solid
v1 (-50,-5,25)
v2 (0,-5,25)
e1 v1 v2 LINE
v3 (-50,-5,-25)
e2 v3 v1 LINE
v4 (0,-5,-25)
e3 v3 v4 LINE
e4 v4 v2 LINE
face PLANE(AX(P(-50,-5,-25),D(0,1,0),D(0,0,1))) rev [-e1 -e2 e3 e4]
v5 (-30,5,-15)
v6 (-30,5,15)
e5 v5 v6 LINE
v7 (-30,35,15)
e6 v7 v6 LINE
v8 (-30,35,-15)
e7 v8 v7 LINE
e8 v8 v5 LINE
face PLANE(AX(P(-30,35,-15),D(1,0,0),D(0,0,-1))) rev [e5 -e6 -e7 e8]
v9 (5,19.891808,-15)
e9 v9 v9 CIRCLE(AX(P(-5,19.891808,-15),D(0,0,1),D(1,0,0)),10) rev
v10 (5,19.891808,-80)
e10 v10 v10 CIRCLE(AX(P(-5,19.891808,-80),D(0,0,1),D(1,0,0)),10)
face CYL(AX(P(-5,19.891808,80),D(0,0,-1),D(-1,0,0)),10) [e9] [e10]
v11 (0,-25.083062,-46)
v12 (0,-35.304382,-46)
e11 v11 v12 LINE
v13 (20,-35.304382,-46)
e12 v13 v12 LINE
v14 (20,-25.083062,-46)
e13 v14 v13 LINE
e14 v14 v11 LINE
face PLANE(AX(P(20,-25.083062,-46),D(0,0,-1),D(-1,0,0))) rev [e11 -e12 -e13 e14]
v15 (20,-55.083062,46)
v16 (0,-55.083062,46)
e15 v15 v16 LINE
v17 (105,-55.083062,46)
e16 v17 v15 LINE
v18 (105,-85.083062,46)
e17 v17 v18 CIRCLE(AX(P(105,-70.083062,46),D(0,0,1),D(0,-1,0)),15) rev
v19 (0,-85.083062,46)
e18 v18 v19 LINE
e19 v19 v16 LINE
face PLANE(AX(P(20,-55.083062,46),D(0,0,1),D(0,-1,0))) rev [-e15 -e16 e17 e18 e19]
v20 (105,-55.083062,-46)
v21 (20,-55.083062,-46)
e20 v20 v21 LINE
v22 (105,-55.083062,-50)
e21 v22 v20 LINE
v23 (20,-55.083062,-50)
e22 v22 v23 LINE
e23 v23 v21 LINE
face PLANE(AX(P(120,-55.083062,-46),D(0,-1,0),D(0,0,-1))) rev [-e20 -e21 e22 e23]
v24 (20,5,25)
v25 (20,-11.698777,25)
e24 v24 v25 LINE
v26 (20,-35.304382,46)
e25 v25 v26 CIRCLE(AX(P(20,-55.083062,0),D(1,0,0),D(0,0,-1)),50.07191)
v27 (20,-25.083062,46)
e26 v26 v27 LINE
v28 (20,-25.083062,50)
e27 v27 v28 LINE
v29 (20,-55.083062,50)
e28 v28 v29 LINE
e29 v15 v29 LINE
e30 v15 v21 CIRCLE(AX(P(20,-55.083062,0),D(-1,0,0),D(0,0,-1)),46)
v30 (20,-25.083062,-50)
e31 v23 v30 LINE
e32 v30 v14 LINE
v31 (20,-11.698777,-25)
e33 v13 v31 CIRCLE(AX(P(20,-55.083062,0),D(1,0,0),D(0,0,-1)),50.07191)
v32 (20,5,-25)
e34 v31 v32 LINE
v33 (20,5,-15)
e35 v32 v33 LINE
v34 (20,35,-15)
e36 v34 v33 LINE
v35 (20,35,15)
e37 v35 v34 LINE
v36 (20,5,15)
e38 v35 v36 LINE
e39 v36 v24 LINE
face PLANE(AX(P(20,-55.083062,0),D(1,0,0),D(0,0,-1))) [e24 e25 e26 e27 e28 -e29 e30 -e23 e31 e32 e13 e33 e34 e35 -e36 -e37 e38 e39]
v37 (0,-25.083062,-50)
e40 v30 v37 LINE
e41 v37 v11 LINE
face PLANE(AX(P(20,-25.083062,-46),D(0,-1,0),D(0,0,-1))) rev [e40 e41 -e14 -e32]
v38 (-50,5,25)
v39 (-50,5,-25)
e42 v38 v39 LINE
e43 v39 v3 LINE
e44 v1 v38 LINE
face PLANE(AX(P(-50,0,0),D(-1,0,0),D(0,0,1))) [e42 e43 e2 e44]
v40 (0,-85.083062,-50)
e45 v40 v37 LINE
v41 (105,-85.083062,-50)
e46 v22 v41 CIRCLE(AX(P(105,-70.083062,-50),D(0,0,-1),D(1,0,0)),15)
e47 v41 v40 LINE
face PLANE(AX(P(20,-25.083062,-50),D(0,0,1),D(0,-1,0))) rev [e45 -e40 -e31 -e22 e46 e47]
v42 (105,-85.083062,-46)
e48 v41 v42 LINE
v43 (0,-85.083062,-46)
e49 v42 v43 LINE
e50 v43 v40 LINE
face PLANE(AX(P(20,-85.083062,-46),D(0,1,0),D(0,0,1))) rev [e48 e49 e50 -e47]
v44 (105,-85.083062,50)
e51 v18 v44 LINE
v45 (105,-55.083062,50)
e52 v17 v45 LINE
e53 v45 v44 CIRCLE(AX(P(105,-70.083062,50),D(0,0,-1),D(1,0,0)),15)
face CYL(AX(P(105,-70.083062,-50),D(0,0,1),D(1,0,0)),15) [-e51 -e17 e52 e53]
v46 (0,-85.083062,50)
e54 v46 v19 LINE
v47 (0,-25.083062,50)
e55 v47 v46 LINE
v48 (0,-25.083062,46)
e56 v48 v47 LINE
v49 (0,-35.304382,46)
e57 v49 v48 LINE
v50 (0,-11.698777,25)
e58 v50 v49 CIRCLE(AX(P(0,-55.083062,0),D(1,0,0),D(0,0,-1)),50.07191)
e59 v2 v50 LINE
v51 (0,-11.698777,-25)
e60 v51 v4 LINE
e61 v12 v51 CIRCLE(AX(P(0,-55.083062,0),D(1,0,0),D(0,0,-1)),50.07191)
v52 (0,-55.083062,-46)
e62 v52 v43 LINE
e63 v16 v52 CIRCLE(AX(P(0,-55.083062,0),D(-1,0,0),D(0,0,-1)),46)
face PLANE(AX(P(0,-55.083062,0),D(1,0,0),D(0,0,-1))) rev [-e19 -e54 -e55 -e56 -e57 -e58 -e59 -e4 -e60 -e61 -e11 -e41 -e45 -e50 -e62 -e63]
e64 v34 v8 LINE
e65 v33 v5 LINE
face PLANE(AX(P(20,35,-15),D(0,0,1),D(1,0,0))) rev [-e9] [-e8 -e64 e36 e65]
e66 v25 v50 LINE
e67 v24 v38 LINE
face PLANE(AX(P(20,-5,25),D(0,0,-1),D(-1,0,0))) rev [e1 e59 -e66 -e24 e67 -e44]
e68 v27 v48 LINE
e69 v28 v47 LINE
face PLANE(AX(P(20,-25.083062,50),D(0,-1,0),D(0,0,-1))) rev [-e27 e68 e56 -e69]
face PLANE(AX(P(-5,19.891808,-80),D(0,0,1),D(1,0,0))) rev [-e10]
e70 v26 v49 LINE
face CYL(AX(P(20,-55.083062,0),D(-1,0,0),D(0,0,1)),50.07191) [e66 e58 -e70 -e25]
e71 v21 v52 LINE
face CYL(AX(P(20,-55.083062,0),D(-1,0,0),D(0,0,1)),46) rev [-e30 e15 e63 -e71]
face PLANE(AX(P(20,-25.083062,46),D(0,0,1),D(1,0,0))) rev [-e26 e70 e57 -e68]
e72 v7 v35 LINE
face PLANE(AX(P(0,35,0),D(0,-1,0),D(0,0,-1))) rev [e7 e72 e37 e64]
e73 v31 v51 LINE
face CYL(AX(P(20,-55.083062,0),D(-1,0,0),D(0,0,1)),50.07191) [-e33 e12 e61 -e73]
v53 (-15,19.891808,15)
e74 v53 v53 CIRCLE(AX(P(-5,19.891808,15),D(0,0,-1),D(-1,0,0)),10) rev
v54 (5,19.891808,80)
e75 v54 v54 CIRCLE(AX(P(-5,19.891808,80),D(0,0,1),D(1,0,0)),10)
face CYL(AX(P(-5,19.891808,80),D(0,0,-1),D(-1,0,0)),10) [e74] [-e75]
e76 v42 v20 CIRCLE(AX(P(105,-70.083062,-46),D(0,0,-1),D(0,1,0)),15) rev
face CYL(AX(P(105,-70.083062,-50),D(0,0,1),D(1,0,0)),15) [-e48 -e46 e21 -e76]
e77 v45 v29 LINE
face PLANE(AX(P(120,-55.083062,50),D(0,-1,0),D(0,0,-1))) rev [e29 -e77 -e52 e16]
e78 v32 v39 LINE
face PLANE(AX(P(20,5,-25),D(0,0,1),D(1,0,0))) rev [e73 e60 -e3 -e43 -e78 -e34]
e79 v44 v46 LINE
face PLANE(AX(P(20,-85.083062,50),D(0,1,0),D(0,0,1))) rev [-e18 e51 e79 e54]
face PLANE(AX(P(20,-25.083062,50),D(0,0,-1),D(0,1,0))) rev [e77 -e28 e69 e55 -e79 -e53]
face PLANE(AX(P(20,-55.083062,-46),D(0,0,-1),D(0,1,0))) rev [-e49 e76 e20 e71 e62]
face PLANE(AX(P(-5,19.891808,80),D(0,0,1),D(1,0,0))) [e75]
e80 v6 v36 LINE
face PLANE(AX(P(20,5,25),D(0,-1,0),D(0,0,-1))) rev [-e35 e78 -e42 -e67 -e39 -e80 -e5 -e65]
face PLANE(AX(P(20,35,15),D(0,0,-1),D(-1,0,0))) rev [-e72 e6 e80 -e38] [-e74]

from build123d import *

# Parameters (mm, degrees)
EXTRUDE_1_DEPTH     = 20
SKETCH_2_W          = 4
SKETCH_2_H          = 30
EXTRUDE_2_DEPTH     = 100
CUT_EXTRUDE_1_DEPTH = 100
SKETCH_4_W          = 50
SKETCH_4_H          = 10
EXTRUDE_3_DEPTH     = 50
SKETCH_5_W          = 50
SKETCH_5_H          = 30
EXTRUDE_4_DEPTH     = 30
SKETCH_6_R          = 10
EXTRUDE_5_DEPTH     = 80


with BuildPart() as part:
    # 草图1 → 凸台-拉伸1 (new body)
    with BuildSketch(Plane(origin=(0, 0, 0), x_dir=(0, 0, -1), z_dir=(1, 0, 0))):
        with BuildLine():
            Line((-25, 5), (25, 5))
            Line((25, 5), (25, -5))
            Line((25, -5), (25, -11.698777218))
            ThreePointArc((25, -11.698777218), (37.410642162, -21.801835726), (46, -35.304382227))
            Line((46, -35.304382227), (46, -25.083062159))
            Line((46, -25.083062159), (50, -25.083062159))
            Line((50, -25.083062159), (50, -85.083062159))
            Line((50, -85.083062159), (46, -85.083062159))
            Line((46, -85.083062159), (46, -55.083062159))
            ThreePointArc((46, -55.083062159), (0, -9.083062159), (-46, -55.083062159))
            Line((-46, -55.083062159), (-46, -85.083062159))
            Line((-46, -85.083062159), (-50, -85.083062159))
            Line((-50, -85.083062159), (-50, -25.083062159))
            Line((-50, -25.083062159), (-46, -25.083062159))
            Line((-46, -25.083062159), (-46, -35.304382227))
            ThreePointArc((-46, -35.304382227), (-37.410642162, -21.801835726), (-25, -11.698777218))
            Line((-25, -11.698777218), (-25, -5))
            Line((-25, -5), (-25, 5))
        make_face()
    extrude(amount=EXTRUDE_1_DEPTH)

    # 草图2 → 凸台-拉伸2 (add)
    with BuildSketch(Plane(origin=(20, 0, 0), x_dir=(0, 0, -1), z_dir=(1, 0, 0))):
        with Locations((-48, -70.083062159)):
            Rectangle(SKETCH_2_W, SKETCH_2_H)
        with Locations((48, -70.083062159)):
            Rectangle(SKETCH_2_W, SKETCH_2_H)
    extrude(amount=EXTRUDE_2_DEPTH)

    # 草图3 → 切除-拉伸1 (cut)
    with BuildSketch(Plane.XY.offset(50)):
        with BuildLine():
            Line((105, -55.083062159), (132.360099234, -55.083062159))
            Line((132.360099234, -55.083062159), (132.360099234, -85.083062159))
            Line((132.360099234, -85.083062159), (105, -85.083062159))
            ThreePointArc((105, -85.083062159), (120, -70.083062159), (105, -55.083062159))
        make_face()
    extrude(amount=-CUT_EXTRUDE_1_DEPTH, mode=Mode.SUBTRACT)

    # 草图4 → 凸台-拉伸3 (add)
    with BuildSketch(Plane.ZY):
        Rectangle(SKETCH_4_W, SKETCH_4_H)
    extrude(amount=EXTRUDE_3_DEPTH)

    # 草图5 → 凸台-拉伸4 (add)
    with BuildSketch(Plane(origin=(0, 5, 0), x_dir=(1, 0, 0), z_dir=(0, 1, 0))):
        with Locations((-5, 0)):
            Rectangle(SKETCH_5_W, SKETCH_5_H)
    extrude(amount=EXTRUDE_4_DEPTH)

    # 草图6 → 凸台-拉伸5 (add, symmetric)
    with BuildSketch(Plane.XY):
        with Locations((-5, 19.891808083)):
            Circle(SKETCH_6_R)
    extrude(amount=EXTRUDE_5_DEPTH, both=True)


solid = part.part
